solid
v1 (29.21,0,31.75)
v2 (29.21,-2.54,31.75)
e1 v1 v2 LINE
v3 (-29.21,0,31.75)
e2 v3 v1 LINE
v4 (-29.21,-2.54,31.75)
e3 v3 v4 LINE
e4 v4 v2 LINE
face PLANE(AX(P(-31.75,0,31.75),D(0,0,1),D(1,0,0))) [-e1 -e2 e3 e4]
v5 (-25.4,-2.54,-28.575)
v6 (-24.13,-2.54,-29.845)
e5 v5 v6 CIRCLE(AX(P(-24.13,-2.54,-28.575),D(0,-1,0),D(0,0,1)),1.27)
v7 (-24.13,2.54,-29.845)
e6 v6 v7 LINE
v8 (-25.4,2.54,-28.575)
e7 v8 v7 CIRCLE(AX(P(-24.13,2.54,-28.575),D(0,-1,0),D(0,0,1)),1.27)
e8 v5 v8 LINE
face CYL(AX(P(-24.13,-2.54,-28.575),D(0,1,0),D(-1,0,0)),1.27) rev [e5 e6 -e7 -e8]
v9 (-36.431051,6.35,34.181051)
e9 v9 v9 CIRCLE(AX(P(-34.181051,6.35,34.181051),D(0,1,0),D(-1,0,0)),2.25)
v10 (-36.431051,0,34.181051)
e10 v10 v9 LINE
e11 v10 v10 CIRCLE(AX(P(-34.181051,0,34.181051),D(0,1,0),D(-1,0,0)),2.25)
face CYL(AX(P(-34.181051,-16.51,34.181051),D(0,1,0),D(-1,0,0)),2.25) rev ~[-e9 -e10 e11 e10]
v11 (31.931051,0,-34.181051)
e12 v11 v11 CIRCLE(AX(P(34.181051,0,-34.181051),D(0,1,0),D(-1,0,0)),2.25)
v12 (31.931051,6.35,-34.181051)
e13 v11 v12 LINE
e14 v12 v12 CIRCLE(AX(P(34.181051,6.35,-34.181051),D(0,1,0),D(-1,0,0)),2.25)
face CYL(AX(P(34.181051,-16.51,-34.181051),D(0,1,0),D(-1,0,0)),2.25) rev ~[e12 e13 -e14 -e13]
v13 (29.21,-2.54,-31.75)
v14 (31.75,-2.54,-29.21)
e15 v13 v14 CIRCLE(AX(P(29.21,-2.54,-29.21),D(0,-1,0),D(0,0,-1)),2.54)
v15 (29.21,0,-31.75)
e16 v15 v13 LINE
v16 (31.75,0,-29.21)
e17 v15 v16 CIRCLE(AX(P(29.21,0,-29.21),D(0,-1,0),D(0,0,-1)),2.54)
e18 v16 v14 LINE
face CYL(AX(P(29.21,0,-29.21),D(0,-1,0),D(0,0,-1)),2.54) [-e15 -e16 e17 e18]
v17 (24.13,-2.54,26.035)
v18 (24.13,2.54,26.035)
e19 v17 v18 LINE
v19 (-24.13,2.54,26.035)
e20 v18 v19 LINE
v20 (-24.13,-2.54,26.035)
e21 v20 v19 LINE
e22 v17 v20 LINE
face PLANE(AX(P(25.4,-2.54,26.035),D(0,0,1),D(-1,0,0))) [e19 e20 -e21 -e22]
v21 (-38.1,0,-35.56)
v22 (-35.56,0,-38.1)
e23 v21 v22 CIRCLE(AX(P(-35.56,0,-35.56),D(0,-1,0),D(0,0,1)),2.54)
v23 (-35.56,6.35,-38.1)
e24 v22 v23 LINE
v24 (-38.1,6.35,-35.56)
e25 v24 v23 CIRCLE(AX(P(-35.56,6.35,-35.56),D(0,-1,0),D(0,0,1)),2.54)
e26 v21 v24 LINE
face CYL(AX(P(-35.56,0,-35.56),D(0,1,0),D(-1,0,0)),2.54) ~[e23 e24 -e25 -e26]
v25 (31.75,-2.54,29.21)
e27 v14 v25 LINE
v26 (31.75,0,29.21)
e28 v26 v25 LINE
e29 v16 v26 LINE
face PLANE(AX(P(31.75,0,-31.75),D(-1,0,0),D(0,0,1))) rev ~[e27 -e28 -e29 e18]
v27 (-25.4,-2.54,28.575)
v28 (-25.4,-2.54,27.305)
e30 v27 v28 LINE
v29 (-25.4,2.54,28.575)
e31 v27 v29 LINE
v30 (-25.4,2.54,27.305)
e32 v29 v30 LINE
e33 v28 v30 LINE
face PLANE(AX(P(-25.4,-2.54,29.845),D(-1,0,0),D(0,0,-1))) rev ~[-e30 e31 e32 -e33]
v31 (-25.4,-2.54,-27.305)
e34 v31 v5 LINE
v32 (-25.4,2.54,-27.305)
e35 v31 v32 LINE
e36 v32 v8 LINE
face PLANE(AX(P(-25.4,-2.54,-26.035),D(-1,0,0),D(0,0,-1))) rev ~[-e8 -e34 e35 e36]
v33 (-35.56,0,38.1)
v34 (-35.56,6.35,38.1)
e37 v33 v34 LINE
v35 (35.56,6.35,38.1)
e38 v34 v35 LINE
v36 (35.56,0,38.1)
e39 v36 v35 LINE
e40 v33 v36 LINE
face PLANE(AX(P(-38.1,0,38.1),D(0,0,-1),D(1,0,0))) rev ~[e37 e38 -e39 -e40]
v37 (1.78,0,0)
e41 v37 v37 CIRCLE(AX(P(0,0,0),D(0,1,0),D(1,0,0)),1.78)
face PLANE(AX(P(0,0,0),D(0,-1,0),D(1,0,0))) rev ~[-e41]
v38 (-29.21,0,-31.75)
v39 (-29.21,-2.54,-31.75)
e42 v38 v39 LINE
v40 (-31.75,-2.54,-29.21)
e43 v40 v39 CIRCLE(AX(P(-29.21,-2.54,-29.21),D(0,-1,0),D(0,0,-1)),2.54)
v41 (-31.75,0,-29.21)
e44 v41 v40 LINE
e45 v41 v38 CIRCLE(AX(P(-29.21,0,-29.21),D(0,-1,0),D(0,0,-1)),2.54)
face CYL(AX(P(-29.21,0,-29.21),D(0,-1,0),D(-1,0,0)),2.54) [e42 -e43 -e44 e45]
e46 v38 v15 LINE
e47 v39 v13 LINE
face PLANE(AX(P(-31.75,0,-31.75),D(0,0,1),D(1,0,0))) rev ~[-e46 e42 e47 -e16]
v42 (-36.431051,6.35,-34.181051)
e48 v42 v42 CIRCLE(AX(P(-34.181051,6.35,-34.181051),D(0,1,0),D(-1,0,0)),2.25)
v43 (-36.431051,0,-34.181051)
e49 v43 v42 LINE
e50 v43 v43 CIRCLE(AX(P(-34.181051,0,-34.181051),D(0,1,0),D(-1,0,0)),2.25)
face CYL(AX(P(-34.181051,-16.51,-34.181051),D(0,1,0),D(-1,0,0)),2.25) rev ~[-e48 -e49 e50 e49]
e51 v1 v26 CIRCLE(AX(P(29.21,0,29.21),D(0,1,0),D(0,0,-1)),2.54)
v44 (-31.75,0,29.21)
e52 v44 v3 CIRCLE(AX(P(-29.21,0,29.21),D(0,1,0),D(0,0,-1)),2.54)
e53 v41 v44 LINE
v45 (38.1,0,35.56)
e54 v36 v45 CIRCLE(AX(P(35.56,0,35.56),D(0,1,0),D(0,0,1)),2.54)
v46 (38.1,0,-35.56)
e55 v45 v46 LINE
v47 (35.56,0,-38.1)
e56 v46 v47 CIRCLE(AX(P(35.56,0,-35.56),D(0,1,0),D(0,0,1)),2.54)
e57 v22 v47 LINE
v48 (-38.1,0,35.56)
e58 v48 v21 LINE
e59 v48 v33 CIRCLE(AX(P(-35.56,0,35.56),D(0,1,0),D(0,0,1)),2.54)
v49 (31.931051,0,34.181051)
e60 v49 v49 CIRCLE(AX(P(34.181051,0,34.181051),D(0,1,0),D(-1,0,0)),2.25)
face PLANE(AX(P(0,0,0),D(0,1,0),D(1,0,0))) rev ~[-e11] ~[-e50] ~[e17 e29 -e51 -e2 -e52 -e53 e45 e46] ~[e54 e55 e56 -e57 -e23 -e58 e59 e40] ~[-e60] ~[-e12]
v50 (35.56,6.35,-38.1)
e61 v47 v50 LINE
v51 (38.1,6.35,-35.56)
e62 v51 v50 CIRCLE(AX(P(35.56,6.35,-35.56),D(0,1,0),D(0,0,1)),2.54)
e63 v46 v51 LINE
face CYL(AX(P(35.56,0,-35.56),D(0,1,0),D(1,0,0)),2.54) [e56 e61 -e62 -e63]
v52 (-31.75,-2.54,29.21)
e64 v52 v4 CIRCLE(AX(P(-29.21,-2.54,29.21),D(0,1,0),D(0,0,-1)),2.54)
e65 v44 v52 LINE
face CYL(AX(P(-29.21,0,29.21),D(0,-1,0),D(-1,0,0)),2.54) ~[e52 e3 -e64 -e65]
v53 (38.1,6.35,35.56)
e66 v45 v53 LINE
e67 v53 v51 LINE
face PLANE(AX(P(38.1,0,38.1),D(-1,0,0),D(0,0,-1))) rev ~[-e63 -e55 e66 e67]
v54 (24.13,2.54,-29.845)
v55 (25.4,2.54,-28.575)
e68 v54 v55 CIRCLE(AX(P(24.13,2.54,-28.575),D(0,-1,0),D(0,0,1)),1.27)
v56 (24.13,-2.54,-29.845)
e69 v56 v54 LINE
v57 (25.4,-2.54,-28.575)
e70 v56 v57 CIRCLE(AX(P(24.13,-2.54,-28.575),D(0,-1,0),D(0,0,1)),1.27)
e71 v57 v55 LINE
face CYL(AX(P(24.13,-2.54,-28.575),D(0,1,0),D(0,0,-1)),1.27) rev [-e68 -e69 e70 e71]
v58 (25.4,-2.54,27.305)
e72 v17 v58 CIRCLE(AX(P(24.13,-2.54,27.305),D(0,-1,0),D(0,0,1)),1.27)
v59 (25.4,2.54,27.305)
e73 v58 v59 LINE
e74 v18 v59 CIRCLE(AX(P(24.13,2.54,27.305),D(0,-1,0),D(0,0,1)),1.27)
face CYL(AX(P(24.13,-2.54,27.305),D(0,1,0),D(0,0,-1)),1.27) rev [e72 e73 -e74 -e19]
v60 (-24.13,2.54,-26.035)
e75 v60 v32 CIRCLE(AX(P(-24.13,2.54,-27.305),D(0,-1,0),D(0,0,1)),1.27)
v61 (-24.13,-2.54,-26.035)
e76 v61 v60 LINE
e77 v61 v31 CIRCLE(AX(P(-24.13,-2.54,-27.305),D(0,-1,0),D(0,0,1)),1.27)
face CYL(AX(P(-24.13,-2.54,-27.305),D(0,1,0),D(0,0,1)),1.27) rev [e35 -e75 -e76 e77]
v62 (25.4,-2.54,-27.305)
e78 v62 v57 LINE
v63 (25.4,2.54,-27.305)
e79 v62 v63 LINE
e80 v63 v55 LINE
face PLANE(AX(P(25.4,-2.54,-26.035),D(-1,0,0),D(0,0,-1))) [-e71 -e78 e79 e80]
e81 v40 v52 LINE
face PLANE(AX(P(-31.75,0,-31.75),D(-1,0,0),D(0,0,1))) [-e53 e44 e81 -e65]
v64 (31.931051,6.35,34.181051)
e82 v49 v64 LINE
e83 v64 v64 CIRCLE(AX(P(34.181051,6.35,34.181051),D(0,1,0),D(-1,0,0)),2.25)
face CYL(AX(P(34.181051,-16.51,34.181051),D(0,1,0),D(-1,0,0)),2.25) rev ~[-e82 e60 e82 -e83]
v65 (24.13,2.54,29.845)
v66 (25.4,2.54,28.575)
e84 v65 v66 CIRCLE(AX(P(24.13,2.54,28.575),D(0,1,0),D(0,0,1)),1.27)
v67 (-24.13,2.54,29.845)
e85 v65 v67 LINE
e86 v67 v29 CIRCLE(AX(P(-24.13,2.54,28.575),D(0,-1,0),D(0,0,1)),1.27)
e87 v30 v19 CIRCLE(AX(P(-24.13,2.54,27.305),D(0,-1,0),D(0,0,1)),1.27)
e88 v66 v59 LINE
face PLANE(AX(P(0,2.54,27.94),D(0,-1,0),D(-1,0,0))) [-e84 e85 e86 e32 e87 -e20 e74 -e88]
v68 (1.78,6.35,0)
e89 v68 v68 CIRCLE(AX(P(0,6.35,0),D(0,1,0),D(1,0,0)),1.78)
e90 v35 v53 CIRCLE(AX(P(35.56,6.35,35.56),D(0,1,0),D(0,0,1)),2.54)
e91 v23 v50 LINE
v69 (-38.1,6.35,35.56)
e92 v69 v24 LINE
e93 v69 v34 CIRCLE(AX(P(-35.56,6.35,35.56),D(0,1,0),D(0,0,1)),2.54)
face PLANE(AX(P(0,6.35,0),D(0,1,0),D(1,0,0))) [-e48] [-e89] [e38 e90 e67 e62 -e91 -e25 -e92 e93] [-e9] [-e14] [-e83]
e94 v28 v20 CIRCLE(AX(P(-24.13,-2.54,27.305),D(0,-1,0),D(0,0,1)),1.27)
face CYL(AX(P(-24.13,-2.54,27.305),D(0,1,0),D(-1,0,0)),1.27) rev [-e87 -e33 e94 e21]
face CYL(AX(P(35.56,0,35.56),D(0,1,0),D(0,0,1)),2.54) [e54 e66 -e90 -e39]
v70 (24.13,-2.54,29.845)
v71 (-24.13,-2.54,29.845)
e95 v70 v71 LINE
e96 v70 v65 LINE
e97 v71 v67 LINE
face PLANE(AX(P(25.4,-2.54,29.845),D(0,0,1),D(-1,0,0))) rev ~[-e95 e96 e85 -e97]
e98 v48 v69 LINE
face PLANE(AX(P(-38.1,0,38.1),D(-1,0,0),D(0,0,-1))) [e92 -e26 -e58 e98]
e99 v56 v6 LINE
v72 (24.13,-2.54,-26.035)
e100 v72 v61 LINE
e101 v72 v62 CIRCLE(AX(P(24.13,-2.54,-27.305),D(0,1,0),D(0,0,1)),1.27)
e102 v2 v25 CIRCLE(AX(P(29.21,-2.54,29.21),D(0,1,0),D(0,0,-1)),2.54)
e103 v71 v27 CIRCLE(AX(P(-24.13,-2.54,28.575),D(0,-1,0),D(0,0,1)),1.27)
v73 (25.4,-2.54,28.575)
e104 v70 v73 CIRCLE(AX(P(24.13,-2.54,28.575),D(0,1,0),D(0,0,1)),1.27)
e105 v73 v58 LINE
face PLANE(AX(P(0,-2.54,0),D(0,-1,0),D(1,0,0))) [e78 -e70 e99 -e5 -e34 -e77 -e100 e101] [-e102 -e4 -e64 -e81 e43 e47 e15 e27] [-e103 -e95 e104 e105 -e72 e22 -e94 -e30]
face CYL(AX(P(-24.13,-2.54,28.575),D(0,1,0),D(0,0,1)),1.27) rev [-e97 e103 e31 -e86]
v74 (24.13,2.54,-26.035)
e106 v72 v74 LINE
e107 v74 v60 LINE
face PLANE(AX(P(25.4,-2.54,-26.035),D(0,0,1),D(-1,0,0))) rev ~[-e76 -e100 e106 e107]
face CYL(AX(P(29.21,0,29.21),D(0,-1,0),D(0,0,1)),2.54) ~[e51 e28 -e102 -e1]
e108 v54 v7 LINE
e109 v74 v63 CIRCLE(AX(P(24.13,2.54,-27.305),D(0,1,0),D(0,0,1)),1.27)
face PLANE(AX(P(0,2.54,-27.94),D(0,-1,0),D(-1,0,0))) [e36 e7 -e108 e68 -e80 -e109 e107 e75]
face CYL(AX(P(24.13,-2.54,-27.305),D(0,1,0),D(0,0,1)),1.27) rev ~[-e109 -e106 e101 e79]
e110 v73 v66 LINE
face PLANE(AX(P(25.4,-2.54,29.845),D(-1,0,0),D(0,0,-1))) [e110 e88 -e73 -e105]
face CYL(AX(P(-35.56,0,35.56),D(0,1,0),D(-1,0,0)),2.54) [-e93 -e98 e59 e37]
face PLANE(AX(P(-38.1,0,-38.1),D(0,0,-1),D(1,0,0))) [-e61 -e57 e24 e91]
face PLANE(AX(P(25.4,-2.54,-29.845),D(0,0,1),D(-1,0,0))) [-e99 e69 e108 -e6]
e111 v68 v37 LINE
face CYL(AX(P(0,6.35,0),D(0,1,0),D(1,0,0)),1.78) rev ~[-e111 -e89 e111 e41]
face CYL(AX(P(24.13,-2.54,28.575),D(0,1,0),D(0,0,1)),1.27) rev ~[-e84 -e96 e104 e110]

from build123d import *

# Parameters (mm, degrees)
SKETCH1_W                = 76.2
SKETCH1_H                = 76.2
BOSS_EXTRUDE1_DEPTH      = 6.35
FILLET1_R                = 2.54
SKETCH3_R                = 1.78
CUT_EXTRUDE1_DEPTH       = 7.35
SKETCH4_W                = 63.5
SKETCH4_H                = 63.5
BOSS_EXTRUDE2_DEPTH      = 2.54
FILLET2_R                = 2.54
M4_CLEARANCE_HOLE2_D     = 4.5
M4_CLEARANCE_HOLE2_DEPTH = 13.97
M4_CLEARANCE_HOLE2_TIP   = 1.351936393
SKETCH7_W                = 50.8
SKETCH7_H                = 3.81
CUT_EXTRUDE2_DEPTH       = 5.08
FILLET3_R                = 1.27


with BuildPart() as part:
    # Sketch1 → Boss-Extrude1 (new body)
    with BuildSketch(Plane(origin=(0, 0, 0), x_dir=(1, 0, 0), z_dir=(0, 1, 0))):
        Rectangle(SKETCH1_W, SKETCH1_H)
    extrude(amount=BOSS_EXTRUDE1_DEPTH)

    # Fillet1
    fillet1_edges = [part.edges().sort_by_distance(p)[0] for p in [
        (38.1, 3.175, 38.1),
        (-38.1, 3.175, 38.1),
        (-38.1, 3.175, -38.1),
        (38.1, 3.175, -38.1),
    ]]
    fillet(fillet1_edges, radius=FILLET1_R)

    # Sketch3 → Cut-Extrude1 (cut, through all)
    with BuildSketch(Plane(origin=(0, 6.35, 0), x_dir=(1, 0, 0), z_dir=(0, 1, 0))):
        Circle(SKETCH3_R)
    extrude(amount=-CUT_EXTRUDE1_DEPTH, mode=Mode.SUBTRACT)

    # Sketch4 → Boss-Extrude2 (add)
    with BuildSketch(Plane.XZ):
        Rectangle(SKETCH4_W, SKETCH4_H)
    extrude(amount=BOSS_EXTRUDE2_DEPTH)

    # Fillet2
    fillet2_edges = [part.edges().sort_by_distance(p)[0] for p in [
        (-31.75, -1.27, 31.75),
        (-31.75, -1.27, -31.75),
        (31.75, -1.27, -31.75),
        (31.75, -1.27, 31.75),
    ]]
    fillet(fillet2_edges, radius=FILLET2_R)

    # M4 Clearance Hole2
    with Locations(Plane.XZ.offset(2.54)):
        with Locations((-34.181051224, 34.181051224), (-34.181051224, -34.181051224), (34.181051224, -34.181051224), (34.181051224, 34.181051224)):
            Hole(M4_CLEARANCE_HOLE2_D / 2, depth=M4_CLEARANCE_HOLE2_DEPTH)
            with Locations((0, 0, -(M4_CLEARANCE_HOLE2_DEPTH + M4_CLEARANCE_HOLE2_TIP / 2))):  # 118° drill point
                Cone(0, M4_CLEARANCE_HOLE2_D / 2, M4_CLEARANCE_HOLE2_TIP, mode=Mode.SUBTRACT)

    # Sketch7 → Cut-Extrude2 (cut)
    with BuildSketch(Plane(origin=(0, -2.54, 0), x_dir=(-1, 0, 0), z_dir=(0, -1, 0))):
        with Locations((0, 27.94)):
            Rectangle(SKETCH7_W, SKETCH7_H)
        with Locations((0, -27.94)):
            Rectangle(SKETCH7_W, SKETCH7_H)
    extrude(amount=-CUT_EXTRUDE2_DEPTH, mode=Mode.SUBTRACT)

    # Fillet3
    fillet3_edges = [part.edges().sort_by_distance(p)[0] for p in [
        (25.4, 0, -26.035),
        (25.4, 0, -29.845),
        (-25.4, 0, -29.845),
        (-25.4, 0, -26.035),
        (25.4, 0, 29.845),
        (25.4, 0, 26.035),
        (-25.4, 0, 26.035),
        (-25.4, 0, 29.845),
    ]]
    fillet(fillet3_edges, radius=FILLET3_R)


solid = part.part
